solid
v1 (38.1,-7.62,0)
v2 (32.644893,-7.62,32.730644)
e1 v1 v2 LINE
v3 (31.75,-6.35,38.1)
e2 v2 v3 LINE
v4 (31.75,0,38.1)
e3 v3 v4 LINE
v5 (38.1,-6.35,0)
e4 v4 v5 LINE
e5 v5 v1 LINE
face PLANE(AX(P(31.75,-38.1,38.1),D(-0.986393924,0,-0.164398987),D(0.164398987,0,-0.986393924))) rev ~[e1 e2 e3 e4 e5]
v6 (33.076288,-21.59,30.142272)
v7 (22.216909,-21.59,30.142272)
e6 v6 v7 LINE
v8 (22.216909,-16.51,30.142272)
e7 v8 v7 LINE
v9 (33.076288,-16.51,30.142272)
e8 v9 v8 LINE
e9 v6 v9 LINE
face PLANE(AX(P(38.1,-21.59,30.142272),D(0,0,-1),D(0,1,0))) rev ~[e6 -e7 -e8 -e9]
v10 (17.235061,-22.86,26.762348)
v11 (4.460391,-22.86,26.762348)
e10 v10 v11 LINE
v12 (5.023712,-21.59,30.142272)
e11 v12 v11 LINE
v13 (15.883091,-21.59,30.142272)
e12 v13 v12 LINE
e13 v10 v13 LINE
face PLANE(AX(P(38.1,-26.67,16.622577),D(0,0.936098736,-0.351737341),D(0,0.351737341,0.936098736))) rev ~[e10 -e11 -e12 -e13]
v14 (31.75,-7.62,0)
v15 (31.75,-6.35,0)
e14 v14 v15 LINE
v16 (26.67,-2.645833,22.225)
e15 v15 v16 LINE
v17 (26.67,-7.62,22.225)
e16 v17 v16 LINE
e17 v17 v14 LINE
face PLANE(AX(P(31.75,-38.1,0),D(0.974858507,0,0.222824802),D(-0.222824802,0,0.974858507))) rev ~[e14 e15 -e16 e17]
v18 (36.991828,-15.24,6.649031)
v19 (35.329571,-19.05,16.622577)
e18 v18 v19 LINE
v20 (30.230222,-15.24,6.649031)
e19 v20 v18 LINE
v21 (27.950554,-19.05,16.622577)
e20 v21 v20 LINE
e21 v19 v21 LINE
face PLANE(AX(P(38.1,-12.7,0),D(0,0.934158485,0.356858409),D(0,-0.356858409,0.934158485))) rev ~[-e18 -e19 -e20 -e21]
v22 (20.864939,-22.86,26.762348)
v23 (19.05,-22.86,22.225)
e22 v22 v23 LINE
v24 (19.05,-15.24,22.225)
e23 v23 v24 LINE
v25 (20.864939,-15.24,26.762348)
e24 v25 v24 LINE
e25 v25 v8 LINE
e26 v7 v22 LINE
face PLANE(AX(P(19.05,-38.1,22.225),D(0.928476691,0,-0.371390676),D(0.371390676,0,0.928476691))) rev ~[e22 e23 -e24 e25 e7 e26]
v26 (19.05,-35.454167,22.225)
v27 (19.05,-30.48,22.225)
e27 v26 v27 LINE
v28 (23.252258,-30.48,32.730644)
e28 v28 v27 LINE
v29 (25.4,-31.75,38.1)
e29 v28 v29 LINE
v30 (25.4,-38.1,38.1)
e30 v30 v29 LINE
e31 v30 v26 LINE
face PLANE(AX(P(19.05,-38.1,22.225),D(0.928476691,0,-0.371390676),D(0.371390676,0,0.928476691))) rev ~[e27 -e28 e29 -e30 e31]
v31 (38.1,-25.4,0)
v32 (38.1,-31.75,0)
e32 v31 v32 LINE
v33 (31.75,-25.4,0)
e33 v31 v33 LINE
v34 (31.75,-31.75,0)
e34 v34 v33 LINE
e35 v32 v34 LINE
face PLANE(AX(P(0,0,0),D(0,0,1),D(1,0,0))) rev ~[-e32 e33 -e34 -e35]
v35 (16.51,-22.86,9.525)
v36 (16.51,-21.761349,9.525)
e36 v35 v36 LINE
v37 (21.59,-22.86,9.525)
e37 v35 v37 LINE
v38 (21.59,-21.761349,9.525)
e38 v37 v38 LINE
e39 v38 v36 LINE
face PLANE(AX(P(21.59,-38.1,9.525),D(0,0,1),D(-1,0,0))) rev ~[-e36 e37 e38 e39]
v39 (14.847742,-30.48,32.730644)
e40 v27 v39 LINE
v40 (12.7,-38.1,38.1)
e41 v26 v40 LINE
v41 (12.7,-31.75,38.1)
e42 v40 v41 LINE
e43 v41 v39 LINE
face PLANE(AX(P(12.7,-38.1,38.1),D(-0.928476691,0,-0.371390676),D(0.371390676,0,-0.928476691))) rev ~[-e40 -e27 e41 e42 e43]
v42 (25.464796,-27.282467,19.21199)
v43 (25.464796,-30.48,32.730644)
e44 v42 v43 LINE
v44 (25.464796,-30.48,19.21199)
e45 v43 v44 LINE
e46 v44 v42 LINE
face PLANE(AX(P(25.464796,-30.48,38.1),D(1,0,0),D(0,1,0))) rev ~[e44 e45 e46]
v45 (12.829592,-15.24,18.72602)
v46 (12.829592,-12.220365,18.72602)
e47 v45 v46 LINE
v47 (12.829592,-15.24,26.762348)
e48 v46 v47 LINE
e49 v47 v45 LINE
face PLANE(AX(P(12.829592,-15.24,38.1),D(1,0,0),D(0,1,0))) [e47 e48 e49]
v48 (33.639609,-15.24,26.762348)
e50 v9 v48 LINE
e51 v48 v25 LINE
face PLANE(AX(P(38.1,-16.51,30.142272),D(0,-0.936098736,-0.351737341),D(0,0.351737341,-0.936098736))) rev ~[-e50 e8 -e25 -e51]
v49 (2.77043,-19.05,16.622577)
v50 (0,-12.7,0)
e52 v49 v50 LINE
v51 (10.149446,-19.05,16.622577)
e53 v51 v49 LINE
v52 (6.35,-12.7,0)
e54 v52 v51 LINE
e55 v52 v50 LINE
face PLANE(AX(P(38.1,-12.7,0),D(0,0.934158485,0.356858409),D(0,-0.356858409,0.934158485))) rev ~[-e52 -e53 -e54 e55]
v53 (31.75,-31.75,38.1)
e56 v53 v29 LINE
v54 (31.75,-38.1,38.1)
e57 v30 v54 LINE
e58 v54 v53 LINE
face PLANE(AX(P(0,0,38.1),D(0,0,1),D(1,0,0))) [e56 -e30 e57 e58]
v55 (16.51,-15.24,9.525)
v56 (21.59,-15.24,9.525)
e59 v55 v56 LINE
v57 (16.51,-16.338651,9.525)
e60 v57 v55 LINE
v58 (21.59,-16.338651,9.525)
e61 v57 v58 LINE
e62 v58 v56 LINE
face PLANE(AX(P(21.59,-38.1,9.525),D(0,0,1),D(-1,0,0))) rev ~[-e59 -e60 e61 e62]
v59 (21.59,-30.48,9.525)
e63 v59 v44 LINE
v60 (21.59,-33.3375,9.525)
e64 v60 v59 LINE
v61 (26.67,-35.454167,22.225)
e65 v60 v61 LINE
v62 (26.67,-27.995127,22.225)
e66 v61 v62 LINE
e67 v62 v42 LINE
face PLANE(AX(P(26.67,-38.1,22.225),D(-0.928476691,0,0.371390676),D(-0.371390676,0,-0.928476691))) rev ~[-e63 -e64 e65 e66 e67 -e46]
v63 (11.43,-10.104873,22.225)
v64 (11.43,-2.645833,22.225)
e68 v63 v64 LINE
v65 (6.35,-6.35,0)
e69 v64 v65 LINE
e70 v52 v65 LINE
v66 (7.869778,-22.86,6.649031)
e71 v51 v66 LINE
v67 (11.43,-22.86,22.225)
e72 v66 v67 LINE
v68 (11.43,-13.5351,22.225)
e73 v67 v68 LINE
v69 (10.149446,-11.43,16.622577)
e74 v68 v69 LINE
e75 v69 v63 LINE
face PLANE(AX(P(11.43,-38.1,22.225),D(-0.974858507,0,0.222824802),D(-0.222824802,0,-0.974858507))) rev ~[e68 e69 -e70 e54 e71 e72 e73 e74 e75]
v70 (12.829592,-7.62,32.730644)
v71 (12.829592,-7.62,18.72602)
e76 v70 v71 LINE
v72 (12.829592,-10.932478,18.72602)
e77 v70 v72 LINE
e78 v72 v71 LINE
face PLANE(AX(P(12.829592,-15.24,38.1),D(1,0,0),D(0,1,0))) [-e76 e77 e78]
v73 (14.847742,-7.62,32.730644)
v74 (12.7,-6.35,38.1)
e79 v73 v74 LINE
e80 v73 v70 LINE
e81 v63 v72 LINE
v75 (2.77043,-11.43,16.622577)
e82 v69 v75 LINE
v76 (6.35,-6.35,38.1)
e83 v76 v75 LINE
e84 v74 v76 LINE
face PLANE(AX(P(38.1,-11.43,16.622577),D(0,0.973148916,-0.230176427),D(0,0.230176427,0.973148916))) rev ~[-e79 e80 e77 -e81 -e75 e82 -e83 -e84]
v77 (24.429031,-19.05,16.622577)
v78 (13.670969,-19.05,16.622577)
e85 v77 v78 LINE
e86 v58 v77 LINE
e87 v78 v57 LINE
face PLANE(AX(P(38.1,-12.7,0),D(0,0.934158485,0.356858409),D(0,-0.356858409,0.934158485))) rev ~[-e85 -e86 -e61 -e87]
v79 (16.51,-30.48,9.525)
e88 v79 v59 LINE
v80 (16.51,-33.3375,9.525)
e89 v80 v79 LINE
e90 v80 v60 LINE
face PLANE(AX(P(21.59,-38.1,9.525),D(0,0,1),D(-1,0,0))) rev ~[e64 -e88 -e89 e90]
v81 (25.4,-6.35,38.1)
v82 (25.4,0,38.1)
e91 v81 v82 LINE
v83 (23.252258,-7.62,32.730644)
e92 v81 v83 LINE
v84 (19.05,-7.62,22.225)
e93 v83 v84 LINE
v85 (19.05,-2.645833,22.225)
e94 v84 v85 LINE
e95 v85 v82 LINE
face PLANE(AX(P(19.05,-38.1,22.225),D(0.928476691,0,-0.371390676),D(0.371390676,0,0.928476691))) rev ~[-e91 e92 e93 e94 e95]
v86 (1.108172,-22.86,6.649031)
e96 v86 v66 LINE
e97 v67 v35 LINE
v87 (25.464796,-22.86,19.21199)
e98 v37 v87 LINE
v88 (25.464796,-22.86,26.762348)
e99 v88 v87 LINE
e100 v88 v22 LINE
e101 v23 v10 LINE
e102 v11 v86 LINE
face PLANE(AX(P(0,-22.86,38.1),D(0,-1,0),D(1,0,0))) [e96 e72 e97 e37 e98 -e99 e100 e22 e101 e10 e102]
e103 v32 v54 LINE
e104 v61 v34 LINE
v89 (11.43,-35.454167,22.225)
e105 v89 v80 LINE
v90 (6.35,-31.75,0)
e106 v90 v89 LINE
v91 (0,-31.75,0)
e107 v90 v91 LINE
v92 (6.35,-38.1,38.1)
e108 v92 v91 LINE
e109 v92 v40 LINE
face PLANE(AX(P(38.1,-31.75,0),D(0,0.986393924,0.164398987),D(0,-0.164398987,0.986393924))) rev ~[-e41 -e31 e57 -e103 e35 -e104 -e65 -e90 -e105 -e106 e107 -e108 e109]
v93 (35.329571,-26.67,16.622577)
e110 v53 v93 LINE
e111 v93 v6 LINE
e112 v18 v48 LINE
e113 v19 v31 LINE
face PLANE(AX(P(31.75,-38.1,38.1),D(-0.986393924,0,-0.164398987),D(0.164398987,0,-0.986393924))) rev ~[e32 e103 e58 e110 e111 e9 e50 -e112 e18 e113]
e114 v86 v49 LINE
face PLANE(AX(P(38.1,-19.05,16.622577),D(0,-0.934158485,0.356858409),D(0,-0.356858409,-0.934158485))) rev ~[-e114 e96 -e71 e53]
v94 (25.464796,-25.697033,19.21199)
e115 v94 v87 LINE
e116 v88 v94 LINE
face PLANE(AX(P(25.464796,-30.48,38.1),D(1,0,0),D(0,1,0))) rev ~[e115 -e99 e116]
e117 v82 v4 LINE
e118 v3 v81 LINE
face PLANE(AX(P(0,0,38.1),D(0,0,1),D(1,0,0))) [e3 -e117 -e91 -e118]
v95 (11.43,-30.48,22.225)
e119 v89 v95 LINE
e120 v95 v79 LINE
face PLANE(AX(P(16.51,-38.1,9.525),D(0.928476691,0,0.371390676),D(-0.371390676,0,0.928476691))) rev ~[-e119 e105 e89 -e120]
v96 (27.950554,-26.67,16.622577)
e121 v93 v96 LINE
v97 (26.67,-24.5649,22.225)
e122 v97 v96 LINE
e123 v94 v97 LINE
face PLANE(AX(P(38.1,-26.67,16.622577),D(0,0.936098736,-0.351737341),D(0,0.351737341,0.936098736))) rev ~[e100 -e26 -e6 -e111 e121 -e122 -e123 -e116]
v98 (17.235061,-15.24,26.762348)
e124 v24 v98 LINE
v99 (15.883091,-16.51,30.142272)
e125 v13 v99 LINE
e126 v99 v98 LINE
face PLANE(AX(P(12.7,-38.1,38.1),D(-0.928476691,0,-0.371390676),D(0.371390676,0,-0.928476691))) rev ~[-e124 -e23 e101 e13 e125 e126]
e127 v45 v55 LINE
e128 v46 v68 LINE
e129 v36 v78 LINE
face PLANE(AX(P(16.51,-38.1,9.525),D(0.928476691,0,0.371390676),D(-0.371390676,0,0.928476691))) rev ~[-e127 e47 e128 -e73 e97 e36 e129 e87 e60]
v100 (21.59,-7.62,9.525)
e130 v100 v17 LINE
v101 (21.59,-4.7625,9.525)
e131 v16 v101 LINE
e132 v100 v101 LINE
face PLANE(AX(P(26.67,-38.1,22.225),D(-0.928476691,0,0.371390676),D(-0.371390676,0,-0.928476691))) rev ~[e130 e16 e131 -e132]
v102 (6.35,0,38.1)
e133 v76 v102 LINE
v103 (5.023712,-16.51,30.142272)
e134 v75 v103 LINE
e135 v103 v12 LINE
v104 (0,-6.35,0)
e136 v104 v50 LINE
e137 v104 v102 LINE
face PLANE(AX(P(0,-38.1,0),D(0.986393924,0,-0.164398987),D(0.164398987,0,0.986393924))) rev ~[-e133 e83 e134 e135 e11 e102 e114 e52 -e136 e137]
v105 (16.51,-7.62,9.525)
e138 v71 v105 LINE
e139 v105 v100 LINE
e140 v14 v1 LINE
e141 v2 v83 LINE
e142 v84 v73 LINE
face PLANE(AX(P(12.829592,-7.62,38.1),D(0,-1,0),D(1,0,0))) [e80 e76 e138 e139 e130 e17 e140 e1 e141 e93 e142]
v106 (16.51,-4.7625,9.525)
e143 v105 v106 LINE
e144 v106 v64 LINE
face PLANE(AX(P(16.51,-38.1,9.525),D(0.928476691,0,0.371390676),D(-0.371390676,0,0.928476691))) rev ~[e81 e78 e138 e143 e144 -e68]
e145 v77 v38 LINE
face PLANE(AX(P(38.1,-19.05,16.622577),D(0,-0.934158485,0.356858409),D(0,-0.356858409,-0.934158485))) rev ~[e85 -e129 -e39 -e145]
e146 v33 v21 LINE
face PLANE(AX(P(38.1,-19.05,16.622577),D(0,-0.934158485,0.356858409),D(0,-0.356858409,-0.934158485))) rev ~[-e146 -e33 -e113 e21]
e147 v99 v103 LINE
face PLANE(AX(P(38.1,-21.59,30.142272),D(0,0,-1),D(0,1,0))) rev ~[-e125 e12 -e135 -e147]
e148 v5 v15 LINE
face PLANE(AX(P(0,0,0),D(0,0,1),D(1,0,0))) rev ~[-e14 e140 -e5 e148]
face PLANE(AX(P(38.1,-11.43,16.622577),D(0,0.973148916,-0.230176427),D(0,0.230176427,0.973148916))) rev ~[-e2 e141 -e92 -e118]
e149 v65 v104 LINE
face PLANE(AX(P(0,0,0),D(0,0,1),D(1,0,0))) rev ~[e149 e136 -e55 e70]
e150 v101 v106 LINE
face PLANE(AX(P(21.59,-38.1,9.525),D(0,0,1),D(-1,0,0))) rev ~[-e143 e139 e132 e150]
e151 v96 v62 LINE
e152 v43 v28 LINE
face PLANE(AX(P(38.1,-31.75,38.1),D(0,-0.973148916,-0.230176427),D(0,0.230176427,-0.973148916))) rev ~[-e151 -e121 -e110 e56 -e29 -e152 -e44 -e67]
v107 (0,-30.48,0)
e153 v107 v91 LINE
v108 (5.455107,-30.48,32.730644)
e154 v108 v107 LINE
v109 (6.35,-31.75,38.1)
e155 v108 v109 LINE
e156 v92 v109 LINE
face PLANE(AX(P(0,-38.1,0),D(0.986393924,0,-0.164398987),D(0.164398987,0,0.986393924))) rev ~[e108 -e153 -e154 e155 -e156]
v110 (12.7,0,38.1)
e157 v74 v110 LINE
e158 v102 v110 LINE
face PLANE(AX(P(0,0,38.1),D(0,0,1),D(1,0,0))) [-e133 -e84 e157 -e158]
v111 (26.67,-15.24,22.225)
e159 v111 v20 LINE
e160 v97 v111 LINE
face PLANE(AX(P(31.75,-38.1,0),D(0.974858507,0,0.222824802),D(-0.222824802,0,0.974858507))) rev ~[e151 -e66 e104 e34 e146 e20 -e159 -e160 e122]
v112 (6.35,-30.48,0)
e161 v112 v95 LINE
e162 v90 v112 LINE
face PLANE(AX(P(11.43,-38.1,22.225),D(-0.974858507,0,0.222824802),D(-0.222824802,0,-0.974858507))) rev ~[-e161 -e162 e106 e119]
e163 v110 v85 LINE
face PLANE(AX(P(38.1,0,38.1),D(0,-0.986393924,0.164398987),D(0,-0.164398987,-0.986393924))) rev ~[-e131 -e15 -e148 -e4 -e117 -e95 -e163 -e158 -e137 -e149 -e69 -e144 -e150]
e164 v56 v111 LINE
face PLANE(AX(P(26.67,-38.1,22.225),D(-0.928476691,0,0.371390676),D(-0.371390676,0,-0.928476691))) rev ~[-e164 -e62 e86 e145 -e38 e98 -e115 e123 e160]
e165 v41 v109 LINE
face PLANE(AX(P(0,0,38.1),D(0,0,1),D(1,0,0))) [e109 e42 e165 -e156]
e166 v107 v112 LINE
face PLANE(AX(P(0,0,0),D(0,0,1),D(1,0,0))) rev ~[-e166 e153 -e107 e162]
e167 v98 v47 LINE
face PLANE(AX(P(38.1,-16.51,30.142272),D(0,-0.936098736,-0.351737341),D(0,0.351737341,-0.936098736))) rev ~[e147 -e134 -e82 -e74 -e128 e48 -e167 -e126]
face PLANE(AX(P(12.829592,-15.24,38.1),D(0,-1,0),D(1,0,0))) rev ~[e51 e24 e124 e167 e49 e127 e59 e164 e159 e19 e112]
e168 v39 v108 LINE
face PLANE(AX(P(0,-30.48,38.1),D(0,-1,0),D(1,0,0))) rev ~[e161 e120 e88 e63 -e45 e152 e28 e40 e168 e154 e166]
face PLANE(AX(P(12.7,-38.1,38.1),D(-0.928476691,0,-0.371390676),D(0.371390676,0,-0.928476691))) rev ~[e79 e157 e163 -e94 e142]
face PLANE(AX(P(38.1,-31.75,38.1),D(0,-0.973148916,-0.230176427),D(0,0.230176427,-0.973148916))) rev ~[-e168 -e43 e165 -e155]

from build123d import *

# Parameters (mm, degrees)
F0_W      = 38.1
F0_H      = 38.1
F1_DEPTH  = 38.1
F6_DEPTH  = 38.1
F8_DEPTH  = 38.1
F9_W      = 25.270408
F9_H      = 7.62
F9_W_2    = 25.464796
F10_DEPTH = 38.1


with BuildPart() as f1:
    # F0 (on Front) → F1 (new body)
    with BuildSketch(Plane.XZ):
        with Locations((19.05, 19.05)):
            Rectangle(F0_W, F0_H)
    extrude(amount=F1_DEPTH)

    # F5 (on offset) → F6 (cut)
    with BuildSketch(Plane.YZ.offset(38.1)):
        Polygon((-31.75, 0), (-38.1, 38.1), (-38.1, 0), align=None)
        Polygon((-25.4, 0), (-12.7, 0), (-19.05, 16.622577), align=None)
        Polygon((-11.43, 16.622577), (-6.35, 38.1), (-31.75, 38.1), (-26.67, 16.622577), (-21.59, 30.142272), (-16.51, 30.142272), align=None)
        Polygon((-6.35, 0), (0, 0), (0, 38.1), align=None)
    extrude(amount=-F6_DEPTH, mode=Mode.SUBTRACT)

    # F7 (on offset) → F8 (cut)
    with BuildSketch(Plane.XZ.offset(38.1)):
        Polygon((0, 38.1), (0, 0), (6.35, 38.1), align=None)
        Polygon((25.4, 38.1), (12.7, 38.1), (19.05, 22.225), align=None)
        Polygon((11.43, 22.225), (6.35, 0), (31.75, 0), (26.67, 22.225), (21.59, 9.525), (16.51, 9.525), align=None)
        Polygon((31.75, 38.1), (38.1, 0), (38.1, 38.1), align=None)
    extrude(amount=-F8_DEPTH, mode=Mode.SUBTRACT)

    # F9 (on offset) → F10 (cut)
    with BuildSketch(Plane.XY.offset(38.1)):
        with Locations((25.464796, -11.43)):
            Rectangle(F9_W, F9_H)
        with Locations((12.732398, -26.67)):
            Rectangle(F9_W_2, F9_H)
    extrude(amount=-F10_DEPTH, mode=Mode.SUBTRACT)


solid = f1.part
